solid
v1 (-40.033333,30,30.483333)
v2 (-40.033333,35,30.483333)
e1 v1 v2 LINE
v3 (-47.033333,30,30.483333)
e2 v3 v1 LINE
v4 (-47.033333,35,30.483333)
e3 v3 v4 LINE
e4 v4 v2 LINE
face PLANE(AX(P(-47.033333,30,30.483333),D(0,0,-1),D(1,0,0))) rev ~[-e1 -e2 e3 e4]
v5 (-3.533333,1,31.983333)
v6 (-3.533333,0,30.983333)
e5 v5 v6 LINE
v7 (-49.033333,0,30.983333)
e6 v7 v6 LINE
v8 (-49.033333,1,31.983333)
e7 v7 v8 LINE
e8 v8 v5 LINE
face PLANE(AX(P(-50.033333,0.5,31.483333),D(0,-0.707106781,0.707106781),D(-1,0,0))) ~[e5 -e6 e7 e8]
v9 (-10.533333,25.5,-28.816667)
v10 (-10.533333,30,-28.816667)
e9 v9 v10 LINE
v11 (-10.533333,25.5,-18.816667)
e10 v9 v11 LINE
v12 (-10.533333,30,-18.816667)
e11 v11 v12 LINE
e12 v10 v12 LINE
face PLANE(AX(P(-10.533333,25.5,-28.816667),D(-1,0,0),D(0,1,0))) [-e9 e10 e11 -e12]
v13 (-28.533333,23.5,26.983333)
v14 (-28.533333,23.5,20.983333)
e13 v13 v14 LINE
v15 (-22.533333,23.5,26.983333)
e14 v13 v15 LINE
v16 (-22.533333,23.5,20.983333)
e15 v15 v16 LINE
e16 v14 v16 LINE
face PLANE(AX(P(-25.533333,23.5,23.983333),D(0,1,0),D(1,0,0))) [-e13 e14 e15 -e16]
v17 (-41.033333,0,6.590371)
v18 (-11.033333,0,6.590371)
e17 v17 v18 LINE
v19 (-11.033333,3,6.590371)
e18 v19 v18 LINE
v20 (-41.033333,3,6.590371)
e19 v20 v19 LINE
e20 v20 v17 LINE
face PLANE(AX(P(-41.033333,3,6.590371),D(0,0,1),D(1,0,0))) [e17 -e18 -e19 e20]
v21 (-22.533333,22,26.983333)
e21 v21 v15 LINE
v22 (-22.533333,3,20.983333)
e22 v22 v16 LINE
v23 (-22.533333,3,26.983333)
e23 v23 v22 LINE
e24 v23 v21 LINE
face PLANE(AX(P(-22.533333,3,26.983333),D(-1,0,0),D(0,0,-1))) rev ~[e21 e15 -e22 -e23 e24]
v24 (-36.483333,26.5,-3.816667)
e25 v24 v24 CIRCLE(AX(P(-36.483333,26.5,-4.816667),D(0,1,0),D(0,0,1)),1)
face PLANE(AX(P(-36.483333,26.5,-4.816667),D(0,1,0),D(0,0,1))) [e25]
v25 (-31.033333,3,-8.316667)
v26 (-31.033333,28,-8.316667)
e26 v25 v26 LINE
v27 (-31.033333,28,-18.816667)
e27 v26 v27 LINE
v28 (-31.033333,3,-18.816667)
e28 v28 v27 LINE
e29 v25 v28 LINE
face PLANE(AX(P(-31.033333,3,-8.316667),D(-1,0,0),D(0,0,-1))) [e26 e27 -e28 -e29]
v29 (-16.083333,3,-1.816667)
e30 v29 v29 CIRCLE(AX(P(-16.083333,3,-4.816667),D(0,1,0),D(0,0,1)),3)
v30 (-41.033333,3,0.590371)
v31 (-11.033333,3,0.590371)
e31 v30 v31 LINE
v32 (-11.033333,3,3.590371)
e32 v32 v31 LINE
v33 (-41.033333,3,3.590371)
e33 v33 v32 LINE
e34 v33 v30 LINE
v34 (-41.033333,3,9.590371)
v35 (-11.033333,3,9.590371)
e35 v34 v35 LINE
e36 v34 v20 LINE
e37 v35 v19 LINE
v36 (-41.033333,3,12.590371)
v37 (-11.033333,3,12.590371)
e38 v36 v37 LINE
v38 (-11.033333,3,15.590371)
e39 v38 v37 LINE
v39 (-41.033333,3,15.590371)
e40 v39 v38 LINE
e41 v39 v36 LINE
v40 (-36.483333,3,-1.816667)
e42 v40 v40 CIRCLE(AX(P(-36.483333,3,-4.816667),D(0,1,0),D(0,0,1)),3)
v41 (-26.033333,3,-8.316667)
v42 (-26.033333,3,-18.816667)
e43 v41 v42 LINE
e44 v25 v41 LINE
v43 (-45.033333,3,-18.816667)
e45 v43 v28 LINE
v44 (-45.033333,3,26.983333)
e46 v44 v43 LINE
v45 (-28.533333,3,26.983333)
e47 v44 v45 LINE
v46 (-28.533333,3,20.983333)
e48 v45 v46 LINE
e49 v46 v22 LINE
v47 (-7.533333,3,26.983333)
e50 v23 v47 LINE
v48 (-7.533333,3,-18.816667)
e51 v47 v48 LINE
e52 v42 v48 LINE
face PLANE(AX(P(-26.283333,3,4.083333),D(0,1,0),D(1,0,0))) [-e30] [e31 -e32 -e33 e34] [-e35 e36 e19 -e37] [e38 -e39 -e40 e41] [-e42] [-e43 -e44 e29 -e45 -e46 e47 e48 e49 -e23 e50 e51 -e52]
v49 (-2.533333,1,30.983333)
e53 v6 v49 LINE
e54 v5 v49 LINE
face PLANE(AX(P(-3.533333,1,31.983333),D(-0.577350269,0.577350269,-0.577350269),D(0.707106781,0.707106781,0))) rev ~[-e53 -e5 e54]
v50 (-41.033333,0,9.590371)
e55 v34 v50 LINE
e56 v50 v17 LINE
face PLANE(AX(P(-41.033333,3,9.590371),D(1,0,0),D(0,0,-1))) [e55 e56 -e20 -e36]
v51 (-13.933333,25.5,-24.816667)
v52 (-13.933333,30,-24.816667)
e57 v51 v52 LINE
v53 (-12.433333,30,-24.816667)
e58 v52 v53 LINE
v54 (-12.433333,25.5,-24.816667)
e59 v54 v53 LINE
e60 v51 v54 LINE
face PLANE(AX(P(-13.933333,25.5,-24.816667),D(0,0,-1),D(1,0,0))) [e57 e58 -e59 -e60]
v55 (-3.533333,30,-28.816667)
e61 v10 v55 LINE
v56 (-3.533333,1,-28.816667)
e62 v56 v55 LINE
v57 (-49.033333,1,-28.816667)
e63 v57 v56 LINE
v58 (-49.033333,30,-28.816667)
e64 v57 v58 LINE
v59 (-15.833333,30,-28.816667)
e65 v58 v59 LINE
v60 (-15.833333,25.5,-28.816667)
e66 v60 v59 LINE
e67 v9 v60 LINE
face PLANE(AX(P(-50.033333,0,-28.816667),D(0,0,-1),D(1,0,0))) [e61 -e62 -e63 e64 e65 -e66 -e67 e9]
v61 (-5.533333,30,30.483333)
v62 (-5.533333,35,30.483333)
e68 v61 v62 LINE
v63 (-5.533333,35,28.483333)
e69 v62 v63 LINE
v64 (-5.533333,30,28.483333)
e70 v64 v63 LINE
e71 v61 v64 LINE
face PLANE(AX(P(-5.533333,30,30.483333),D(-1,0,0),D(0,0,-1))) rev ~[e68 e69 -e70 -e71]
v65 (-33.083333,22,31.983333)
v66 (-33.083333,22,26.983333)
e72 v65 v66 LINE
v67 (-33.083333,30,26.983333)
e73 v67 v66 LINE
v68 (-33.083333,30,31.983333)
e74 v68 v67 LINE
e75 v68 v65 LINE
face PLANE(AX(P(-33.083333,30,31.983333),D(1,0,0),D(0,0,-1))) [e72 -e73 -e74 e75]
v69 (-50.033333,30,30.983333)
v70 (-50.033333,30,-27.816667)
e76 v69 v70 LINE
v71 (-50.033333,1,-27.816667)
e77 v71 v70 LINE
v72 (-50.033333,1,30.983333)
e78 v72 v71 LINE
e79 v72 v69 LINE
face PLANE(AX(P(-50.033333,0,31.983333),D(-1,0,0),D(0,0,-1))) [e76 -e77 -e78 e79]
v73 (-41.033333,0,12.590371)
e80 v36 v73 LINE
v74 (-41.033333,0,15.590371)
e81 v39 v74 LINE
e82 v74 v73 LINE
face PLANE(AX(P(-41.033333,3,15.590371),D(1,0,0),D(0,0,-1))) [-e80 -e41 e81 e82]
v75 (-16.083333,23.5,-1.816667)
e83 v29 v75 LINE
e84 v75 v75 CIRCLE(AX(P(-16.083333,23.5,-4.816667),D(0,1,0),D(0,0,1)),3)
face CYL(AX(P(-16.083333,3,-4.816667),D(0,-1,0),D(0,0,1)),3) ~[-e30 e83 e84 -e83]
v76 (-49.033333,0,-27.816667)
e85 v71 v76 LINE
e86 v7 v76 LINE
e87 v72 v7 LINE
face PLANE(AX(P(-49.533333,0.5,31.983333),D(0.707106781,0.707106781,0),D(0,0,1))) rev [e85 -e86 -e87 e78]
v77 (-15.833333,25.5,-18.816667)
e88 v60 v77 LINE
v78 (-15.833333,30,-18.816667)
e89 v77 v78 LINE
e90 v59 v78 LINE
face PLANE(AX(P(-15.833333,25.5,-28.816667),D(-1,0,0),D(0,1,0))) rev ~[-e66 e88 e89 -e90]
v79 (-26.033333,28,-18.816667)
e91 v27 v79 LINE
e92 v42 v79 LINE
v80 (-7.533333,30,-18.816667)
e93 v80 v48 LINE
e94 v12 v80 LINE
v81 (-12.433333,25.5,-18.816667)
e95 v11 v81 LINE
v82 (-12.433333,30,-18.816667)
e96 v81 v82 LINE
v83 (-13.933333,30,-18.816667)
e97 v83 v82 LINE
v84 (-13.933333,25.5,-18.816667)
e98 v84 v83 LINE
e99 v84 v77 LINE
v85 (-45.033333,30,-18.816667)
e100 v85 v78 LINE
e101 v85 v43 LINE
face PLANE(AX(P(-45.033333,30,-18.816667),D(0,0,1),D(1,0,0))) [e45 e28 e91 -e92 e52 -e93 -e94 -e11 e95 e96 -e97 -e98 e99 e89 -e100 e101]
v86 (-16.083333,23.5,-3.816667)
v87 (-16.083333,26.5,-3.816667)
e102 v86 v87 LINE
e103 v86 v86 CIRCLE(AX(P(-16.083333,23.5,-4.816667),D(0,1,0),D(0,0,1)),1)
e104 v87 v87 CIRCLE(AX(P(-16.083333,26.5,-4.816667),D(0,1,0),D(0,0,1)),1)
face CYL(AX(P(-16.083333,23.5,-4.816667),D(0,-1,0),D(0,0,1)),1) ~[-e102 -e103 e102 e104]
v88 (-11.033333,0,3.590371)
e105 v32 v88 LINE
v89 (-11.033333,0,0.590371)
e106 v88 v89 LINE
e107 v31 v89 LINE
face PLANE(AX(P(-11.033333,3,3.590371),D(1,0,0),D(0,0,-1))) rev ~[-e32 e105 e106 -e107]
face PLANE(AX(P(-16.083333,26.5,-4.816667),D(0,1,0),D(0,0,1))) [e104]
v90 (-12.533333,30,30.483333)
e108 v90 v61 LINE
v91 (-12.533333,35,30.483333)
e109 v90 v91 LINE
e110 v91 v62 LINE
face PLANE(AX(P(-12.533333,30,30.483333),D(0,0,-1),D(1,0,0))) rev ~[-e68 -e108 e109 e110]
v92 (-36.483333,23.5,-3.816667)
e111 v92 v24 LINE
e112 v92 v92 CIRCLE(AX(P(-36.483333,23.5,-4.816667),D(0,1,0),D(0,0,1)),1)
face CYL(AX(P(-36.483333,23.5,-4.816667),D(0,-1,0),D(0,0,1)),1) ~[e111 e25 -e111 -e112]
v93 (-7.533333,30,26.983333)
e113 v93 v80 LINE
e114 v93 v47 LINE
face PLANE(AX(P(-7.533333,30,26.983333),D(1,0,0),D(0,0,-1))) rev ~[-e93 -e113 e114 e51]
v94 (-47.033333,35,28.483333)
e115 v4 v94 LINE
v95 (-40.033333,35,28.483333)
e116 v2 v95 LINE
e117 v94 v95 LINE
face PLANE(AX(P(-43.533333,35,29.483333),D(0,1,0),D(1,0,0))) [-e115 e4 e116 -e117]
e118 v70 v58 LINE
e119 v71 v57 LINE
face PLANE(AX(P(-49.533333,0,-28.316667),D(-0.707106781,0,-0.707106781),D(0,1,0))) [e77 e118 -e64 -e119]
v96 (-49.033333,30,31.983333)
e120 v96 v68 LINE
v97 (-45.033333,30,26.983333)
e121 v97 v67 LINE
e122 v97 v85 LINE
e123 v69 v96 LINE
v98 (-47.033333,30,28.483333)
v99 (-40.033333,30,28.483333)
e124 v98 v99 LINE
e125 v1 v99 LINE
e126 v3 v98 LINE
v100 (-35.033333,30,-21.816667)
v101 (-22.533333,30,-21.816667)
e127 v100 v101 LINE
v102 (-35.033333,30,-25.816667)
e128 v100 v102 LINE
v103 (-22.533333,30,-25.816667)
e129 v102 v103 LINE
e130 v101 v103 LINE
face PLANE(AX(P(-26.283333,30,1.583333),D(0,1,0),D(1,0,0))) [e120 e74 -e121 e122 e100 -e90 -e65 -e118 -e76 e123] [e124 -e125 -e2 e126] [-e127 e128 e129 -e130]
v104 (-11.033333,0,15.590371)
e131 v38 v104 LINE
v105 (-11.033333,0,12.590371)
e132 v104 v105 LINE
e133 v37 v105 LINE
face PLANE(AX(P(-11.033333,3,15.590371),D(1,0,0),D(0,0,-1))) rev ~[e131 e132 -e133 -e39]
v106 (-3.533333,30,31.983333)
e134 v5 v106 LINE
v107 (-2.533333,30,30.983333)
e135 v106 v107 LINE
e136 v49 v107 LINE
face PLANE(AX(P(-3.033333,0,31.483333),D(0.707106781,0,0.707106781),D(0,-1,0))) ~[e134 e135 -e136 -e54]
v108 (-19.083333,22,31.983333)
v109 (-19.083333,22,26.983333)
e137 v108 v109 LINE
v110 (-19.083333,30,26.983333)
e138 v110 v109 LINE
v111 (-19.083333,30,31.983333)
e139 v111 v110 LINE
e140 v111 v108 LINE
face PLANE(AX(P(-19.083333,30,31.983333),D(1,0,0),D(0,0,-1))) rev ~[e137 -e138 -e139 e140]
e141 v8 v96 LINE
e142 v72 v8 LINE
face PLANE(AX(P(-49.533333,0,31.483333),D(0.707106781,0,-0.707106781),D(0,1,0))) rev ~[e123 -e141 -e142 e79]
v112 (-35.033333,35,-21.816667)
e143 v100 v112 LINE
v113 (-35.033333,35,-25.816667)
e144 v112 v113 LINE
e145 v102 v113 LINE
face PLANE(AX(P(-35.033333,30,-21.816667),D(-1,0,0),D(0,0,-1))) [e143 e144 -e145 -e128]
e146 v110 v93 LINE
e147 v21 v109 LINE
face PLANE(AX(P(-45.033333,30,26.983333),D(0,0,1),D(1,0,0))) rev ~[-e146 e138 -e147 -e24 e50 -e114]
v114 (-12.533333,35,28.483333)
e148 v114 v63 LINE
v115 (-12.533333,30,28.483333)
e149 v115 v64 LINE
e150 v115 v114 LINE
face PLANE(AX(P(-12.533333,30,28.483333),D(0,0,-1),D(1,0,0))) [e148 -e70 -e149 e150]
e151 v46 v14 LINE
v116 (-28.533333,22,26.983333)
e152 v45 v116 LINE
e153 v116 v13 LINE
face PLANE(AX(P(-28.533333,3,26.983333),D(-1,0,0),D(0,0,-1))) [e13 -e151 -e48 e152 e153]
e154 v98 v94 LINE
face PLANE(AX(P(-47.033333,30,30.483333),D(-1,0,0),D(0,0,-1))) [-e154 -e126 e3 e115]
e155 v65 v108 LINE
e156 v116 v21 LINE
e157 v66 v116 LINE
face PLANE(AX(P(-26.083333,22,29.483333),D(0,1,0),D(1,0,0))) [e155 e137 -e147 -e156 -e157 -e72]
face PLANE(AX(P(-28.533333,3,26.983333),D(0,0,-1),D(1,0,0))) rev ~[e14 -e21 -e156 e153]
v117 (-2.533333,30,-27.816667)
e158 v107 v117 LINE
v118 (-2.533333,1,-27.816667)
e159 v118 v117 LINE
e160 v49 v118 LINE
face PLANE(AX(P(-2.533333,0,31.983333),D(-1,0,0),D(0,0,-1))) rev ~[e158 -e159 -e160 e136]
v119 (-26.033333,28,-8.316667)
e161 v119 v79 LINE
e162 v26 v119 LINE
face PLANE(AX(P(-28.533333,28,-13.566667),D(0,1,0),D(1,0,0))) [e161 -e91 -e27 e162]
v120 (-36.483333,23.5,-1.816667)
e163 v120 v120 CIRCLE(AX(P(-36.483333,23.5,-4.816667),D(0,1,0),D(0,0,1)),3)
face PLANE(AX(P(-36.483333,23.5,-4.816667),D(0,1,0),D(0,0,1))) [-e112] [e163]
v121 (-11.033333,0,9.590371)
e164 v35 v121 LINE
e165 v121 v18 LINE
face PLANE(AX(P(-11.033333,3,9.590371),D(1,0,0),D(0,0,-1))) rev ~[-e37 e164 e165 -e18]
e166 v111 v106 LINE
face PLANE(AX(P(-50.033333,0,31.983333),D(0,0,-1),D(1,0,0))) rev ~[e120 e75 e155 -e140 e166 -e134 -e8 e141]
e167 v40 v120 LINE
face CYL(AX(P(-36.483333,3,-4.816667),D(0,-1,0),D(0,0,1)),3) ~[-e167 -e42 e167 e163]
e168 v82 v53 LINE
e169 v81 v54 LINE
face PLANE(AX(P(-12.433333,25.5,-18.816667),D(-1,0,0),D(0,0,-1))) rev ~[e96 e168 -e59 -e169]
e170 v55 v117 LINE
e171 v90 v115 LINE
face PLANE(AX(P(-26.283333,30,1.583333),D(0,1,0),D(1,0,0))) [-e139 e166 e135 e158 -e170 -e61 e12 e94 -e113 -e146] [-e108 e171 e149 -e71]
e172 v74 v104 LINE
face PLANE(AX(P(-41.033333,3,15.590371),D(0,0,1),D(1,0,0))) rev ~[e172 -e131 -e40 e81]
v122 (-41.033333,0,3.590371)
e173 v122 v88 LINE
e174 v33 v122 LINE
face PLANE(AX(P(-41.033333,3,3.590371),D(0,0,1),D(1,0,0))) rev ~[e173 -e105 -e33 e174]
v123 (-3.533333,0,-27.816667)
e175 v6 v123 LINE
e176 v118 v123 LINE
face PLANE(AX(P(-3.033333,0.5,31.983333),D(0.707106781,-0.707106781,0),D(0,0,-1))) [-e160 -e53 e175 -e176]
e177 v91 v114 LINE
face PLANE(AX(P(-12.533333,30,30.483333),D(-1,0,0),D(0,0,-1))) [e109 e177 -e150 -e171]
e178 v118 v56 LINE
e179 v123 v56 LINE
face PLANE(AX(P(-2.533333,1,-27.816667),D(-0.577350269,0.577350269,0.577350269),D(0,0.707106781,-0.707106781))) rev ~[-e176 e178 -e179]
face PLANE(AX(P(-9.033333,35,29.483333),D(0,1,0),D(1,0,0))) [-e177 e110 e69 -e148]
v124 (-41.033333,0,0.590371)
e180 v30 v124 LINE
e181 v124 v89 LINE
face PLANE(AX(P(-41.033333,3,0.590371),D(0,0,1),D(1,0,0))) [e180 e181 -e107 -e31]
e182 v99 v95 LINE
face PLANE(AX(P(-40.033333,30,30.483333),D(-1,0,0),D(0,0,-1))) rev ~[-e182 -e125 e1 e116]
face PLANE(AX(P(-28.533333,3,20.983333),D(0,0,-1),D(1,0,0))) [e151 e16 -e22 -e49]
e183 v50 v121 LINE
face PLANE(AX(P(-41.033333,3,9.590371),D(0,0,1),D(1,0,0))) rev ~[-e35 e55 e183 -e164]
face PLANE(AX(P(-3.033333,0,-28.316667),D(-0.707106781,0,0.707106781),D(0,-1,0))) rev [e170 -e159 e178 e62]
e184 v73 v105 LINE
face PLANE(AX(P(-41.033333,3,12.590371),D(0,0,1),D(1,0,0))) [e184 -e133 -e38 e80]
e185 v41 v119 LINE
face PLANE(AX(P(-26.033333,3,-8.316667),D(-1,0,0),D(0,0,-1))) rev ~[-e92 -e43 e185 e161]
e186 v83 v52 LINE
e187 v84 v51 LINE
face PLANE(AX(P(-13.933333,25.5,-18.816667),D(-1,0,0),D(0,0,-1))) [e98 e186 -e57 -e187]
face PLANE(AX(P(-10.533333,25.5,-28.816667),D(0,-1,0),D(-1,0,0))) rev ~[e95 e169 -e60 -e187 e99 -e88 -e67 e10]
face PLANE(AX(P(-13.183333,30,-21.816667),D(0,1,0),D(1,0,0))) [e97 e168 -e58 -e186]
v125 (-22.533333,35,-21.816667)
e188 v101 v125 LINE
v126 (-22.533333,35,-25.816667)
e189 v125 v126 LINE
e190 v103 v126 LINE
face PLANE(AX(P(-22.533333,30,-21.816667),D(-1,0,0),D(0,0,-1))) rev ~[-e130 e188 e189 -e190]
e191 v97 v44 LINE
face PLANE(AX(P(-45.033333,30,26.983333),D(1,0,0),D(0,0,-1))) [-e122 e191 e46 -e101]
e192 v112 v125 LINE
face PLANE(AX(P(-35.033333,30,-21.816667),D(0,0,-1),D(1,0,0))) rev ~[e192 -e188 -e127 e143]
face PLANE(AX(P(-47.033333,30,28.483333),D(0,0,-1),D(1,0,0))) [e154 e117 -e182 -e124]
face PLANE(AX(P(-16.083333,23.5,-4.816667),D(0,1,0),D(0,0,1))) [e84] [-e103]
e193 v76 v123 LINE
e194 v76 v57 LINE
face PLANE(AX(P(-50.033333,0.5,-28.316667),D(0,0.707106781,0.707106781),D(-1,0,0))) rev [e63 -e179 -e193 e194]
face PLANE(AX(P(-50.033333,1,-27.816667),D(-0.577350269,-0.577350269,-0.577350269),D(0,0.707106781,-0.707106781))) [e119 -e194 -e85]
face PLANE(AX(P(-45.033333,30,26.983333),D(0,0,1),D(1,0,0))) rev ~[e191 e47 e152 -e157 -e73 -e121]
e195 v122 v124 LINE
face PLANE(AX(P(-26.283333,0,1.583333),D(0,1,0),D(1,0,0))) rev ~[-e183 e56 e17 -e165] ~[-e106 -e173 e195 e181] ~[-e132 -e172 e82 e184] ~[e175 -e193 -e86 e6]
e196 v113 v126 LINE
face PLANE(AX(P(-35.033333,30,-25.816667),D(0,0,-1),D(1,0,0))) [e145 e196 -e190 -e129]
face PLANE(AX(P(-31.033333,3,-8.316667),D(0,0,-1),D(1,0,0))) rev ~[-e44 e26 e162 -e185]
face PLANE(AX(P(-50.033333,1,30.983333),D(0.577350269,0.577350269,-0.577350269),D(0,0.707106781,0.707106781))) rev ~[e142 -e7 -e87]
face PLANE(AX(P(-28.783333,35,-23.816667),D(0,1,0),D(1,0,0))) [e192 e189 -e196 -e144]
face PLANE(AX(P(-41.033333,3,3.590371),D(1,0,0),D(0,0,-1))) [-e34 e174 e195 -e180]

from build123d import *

# Parameters (mm, degrees)
SKETCH_1_W          = 47.5
SKETCH_1_H          = 60.8
EXTRUDE_1_DEPTH     = 30
SKETCH_3_W          = 37.5
SKETCH_3_H          = 45.8
CUT_EXTRUDE_1_DEPTH = 27
SKETCH_4_W          = 14
SKETCH_4_H          = 5
CUT_EXTRUDE_2_DEPTH = 8
SKETCH_5_R          = 3
SKETCH_5_W          = 6
SKETCH_5_H          = 6
EXTRUDE_4_DEPTH     = 20.5
SKETCH_6_W          = 5
SKETCH_6_H          = 10.5
EXTRUDE_6_DEPTH     = 25
SKETCH_7_R          = 1
EXTRUDE_7_DEPTH     = 3
SKETCH_12_W         = 5.3
SKETCH_12_H         = 4.5
CUT_EXTRUDE_5_DEPTH = 10
SKETCH_13_W         = 1.5
SKETCH_13_H         = 6
EXTRUDE_8_DEPTH     = 4.5
SKETCH_14_W         = 30
SKETCH_14_H         = 3
CUT_EXTRUDE_6_DEPTH = 3
CHAMFER_1_SIZE      = 1
SKETCH_16_W         = 12.5
SKETCH_16_H         = 4
SKETCH_16_W_2       = 7
SKETCH_16_H_2       = 2
EXTRUDE_9_DEPTH     = 5


with BuildPart() as part:
    # 草图1 → 凸台-拉伸1 (new body)
    with BuildSketch(Plane(origin=(0, 0, 0), x_dir=(1, 0, 0), z_dir=(0, 1, 0))):
        with Locations((-26.283333333, -1.583333333)):
            Rectangle(SKETCH_1_W, SKETCH_1_H)
    extrude(amount=EXTRUDE_1_DEPTH)

    # 草图3 → 切除-拉伸1 (cut)
    with BuildSketch(Plane(origin=(0, 30, 0), x_dir=(1, 0, 0), z_dir=(0, 1, 0))):
        with Locations((-26.283333333, -4.083333333)):
            Rectangle(SKETCH_3_W, SKETCH_3_H)
    extrude(amount=-CUT_EXTRUDE_1_DEPTH, mode=Mode.SUBTRACT)

    # 草图4 → 切除-拉伸2 (cut)
    with BuildSketch(Plane(origin=(0, 30, 0), x_dir=(1, 0, 0), z_dir=(0, 1, 0))):
        with Locations((-26.083333333, -29.483333333)):
            Rectangle(SKETCH_4_W, SKETCH_4_H)
    extrude(amount=-CUT_EXTRUDE_2_DEPTH, mode=Mode.SUBTRACT)

    # 草图5 → 凸台-拉伸4 (add)
    with BuildSketch(Plane(origin=(0, 3, 0), x_dir=(1, 0, 0), z_dir=(0, 1, 0))):
        with Locations(Location((-16.083333333, 4.816666667, 0), (0, 0, 270))):
            Circle(SKETCH_5_R)
        with Locations(Location((-36.483333333, 4.816666667, 0), (0, 0, 270))):
            Circle(SKETCH_5_R)
        with Locations((-25.533333333, -23.983333333)):
            Rectangle(SKETCH_5_W, SKETCH_5_H)
    extrude(amount=EXTRUDE_4_DEPTH)

    # 草图6 → 凸台-拉伸6 (add)
    with BuildSketch(Plane(origin=(0, 3, 0), x_dir=(1, 0, 0), z_dir=(0, 1, 0))):
        with Locations((-28.533333333, 13.566666667)):
            Rectangle(SKETCH_6_W, SKETCH_6_H)
    extrude(amount=EXTRUDE_6_DEPTH)

    # 草图7 → 凸台-拉伸7 (add)
    with BuildSketch(Plane(origin=(0, 23.5, 0), x_dir=(1, 0, 0), z_dir=(0, 1, 0))):
        with Locations(Location((-36.483333333, 4.816666667, 0), (0, 0, 270))):
            Circle(SKETCH_7_R)
        with Locations(Location((-16.083333333, 4.816666667, 0), (0, 0, 270))):
            Circle(SKETCH_7_R)
    extrude(amount=EXTRUDE_7_DEPTH)

    # 草图12 → 切除-拉伸5 (cut)
    with BuildSketch(Plane(origin=(0, 0, -28.816666667), x_dir=(-1, 0, 0), z_dir=(0, 0, -1))):
        with Locations((13.183333333, 27.75)):
            Rectangle(SKETCH_12_W, SKETCH_12_H)
    extrude(amount=-CUT_EXTRUDE_5_DEPTH, mode=Mode.SUBTRACT)

    # 草图13 → 凸台-拉伸8 (add)
    with BuildSketch(Plane(origin=(0, 25.5, 0), x_dir=(1, 0, 0), z_dir=(0, 1, 0))):
        with Locations((-13.183333333, 21.816666667)):
            Rectangle(SKETCH_13_W, SKETCH_13_H)
    extrude(amount=EXTRUDE_8_DEPTH)

    # 草图14 → 切除-拉伸6 (cut)
    with BuildSketch(Plane(origin=(0, 3, 0), x_dir=(1, 0, 0), z_dir=(0, 1, 0))):
        with Locations((-26.033333333, -2.090371048)):
            Rectangle(SKETCH_14_W, SKETCH_14_H)
        with Locations((-26.033333333, -8.090371048)):
            Rectangle(SKETCH_14_W, SKETCH_14_H)
        with Locations((-26.033333333, -14.090371048)):
            Rectangle(SKETCH_14_W, SKETCH_14_H)
    extrude(amount=-CUT_EXTRUDE_6_DEPTH, mode=Mode.SUBTRACT)

    # 倒角1
    chamfer_1_edges = [part.edges().sort_by_distance(p)[0] for p in [
        (-26.283333333, 0, -28.816666667),
        (-2.533333333, 0, 1.583333333),
        (-26.283333333, 0, 31.983333333),
        (-50.033333333, 0, 1.583333333),
        (-50.033333333, 15, -28.816666667),
        (-2.533333333, 15, -28.816666667),
        (-2.533333333, 15, 31.983333333),
        (-50.033333333, 15, 31.983333333),
    ]]
    chamfer(chamfer_1_edges, length=CHAMFER_1_SIZE)

    # 草图16 → 凸台-拉伸9 (add)
    with BuildSketch(Plane(origin=(0, 30, 0), x_dir=(1, 0, 0), z_dir=(0, 1, 0))):
        with Locations((-28.783333333, 23.816666667)):
            Rectangle(SKETCH_16_W, SKETCH_16_H)
        with Locations((-9.033333333, -29.483333333)):
            Rectangle(SKETCH_16_W_2, SKETCH_16_H_2)
        with Locations((-43.533333333, -29.483333333)):
            Rectangle(SKETCH_16_W_2, SKETCH_16_H_2)
    extrude(amount=EXTRUDE_9_DEPTH)


solid = part.part
